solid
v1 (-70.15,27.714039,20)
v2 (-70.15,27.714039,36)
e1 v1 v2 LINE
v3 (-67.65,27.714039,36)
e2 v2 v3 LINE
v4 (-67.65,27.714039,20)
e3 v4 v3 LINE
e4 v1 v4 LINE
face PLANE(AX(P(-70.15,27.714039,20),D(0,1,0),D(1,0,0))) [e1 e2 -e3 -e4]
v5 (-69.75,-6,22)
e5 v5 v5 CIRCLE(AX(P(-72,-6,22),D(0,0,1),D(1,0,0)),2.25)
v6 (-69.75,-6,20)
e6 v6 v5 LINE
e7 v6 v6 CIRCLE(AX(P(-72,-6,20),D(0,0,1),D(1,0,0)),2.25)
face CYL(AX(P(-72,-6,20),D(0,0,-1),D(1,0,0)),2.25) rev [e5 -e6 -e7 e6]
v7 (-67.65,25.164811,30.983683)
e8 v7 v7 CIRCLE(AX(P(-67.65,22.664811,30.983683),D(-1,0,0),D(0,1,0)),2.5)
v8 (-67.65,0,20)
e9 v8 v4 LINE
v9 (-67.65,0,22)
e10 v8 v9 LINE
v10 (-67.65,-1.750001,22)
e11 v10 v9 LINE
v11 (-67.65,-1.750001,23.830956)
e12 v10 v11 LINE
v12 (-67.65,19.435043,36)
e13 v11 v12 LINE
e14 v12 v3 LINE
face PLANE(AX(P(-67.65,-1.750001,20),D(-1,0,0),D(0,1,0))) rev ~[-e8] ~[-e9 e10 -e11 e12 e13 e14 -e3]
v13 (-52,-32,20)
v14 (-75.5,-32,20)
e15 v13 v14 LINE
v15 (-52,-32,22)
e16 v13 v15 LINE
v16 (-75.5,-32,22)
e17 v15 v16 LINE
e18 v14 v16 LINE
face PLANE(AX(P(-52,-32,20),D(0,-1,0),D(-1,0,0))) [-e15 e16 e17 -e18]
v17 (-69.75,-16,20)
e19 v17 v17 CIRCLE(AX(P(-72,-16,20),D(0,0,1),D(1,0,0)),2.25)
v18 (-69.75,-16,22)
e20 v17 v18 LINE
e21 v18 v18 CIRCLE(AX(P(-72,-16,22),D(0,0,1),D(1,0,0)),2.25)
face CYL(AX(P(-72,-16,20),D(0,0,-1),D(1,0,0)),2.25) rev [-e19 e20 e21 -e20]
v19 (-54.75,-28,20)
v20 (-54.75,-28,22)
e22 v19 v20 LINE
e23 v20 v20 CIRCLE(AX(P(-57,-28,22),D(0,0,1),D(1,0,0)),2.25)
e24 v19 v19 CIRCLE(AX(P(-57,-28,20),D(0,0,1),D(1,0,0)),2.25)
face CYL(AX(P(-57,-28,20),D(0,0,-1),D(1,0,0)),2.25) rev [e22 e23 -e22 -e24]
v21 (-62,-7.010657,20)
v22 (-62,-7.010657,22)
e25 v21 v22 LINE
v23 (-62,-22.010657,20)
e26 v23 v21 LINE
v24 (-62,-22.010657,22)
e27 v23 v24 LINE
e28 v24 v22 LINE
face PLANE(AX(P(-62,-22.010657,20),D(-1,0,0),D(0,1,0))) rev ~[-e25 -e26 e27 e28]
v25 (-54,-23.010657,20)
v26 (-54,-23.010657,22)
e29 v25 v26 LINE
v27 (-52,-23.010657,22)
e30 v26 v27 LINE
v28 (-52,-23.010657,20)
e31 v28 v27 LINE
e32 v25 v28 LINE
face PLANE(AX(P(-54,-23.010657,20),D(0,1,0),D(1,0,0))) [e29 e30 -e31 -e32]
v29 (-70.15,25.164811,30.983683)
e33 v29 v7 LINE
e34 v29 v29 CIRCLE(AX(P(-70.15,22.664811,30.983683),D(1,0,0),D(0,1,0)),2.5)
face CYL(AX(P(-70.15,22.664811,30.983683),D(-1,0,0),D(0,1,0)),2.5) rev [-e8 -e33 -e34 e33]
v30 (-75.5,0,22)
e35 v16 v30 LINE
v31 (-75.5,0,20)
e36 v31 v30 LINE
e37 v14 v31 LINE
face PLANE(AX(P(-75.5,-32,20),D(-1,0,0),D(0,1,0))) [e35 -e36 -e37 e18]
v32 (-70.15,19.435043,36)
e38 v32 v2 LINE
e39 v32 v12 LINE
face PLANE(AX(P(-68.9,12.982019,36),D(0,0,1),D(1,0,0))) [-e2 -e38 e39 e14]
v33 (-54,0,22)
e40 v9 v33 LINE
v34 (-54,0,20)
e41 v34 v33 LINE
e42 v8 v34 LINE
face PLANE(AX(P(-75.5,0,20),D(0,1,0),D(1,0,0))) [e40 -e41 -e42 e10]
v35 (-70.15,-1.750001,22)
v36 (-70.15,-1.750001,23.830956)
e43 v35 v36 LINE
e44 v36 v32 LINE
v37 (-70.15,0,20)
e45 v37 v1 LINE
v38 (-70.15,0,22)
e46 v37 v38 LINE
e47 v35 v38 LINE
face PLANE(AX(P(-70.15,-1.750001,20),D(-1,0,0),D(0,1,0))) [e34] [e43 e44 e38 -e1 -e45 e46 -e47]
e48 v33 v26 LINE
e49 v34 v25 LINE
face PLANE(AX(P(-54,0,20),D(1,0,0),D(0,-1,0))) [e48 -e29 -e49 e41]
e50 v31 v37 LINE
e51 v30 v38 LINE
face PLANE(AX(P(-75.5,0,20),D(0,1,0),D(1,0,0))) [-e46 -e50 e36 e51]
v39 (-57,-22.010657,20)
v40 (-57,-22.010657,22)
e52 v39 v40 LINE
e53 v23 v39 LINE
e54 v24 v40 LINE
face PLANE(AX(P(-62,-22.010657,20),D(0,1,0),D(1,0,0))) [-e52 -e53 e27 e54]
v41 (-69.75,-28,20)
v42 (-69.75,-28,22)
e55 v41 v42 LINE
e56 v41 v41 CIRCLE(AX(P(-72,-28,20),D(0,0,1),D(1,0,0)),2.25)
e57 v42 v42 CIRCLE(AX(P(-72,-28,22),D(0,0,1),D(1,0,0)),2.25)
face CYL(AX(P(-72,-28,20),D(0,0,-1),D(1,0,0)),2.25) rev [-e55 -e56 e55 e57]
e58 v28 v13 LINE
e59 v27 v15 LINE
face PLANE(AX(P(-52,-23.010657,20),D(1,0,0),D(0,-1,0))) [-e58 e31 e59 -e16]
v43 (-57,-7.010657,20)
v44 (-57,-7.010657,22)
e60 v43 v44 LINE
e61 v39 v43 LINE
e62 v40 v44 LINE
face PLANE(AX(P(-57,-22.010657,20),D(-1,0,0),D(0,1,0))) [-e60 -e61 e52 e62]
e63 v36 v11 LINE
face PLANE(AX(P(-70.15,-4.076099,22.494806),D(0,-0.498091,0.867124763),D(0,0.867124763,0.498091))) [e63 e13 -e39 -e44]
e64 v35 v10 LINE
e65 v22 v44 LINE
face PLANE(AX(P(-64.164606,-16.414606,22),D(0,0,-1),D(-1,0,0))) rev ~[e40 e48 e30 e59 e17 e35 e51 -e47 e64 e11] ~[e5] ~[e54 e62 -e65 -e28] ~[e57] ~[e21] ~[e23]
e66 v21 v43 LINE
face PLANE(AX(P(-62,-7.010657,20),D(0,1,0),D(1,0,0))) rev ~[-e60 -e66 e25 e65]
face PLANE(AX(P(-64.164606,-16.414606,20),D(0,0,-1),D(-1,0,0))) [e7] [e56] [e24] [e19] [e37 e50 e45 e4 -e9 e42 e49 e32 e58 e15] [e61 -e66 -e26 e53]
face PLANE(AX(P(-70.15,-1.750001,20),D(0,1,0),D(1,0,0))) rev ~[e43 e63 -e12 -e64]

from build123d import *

# Parameters (mm, degrees)
SKETCH028_R        = 2.25
SKETCH028_W        = 5
SKETCH028_H        = 15
PAD012_DEPTH       = 2
SKETCH029_W        = 2.5
SKETCH029_H        = 29.464039
PAD013_DEPTH       = 16
SKETCH030_R        = 2.5
POCKET007005_DEPTH = 18.151
POCKET007010_DEPTH = 5


with BuildPart() as part:
    # Sketch028 → Pad012 (new body)
    with BuildSketch(Plane.XY):
        Polygon((-52, -32), (-75.5, -32), (-75.5, 0), (-54, 0), (-54, -23.010657), (-52, -23.010657), align=None)
        with Locations((-72, -28)):
            Circle(SKETCH028_R, mode=Mode.SUBTRACT)
        with Locations((-72, -16)):
            Circle(SKETCH028_R, mode=Mode.SUBTRACT)
        with Locations((-72, -6)):
            Circle(SKETCH028_R, mode=Mode.SUBTRACT)
        with Locations((-57, -28)):
            Circle(SKETCH028_R, mode=Mode.SUBTRACT)
        with Locations((-59.5, -14.510657)):
            Rectangle(SKETCH028_W, SKETCH028_H, mode=Mode.SUBTRACT)
    extrude(amount=PAD012_DEPTH)

    # Sketch029 → Pad013 (join)
    with BuildSketch(Plane.XY):
        with Locations((-68.9, 12.982019)):
            Rectangle(SKETCH029_W, SKETCH029_H)
    extrude(amount=PAD013_DEPTH)

    # Sketch030 (on DatumPlane) → Pocket007005 (cut, through all)
    with BuildSketch(Plane(origin=(-70.15, -1.75, 0), x_dir=(0, 1, 0), z_dir=(1, 0, 0))):
        with Locations((24.414811, 10.983683)):
            Circle(SKETCH030_R)
    extrude(amount=POCKET007005_DEPTH, mode=Mode.SUBTRACT)

    # Sketch041 (on DatumPlane) → Pocket007010 (cut)
    with BuildSketch(Plane(origin=(-70.15, -1.75, 0), x_dir=(0, 1, 0), z_dir=(1, 0, 0))):
        Polygon((-2.326099, 2.494806), (28.94412, 20.456944), (-2.326099, 20.456944), align=None)
    extrude(amount=POCKET007010_DEPTH, mode=Mode.SUBTRACT)


with BuildPart() as part_1:
    # Body001 placement: moved
    add(part.part.moved(Location((0, 0, 20))))


solid = part_1.part
